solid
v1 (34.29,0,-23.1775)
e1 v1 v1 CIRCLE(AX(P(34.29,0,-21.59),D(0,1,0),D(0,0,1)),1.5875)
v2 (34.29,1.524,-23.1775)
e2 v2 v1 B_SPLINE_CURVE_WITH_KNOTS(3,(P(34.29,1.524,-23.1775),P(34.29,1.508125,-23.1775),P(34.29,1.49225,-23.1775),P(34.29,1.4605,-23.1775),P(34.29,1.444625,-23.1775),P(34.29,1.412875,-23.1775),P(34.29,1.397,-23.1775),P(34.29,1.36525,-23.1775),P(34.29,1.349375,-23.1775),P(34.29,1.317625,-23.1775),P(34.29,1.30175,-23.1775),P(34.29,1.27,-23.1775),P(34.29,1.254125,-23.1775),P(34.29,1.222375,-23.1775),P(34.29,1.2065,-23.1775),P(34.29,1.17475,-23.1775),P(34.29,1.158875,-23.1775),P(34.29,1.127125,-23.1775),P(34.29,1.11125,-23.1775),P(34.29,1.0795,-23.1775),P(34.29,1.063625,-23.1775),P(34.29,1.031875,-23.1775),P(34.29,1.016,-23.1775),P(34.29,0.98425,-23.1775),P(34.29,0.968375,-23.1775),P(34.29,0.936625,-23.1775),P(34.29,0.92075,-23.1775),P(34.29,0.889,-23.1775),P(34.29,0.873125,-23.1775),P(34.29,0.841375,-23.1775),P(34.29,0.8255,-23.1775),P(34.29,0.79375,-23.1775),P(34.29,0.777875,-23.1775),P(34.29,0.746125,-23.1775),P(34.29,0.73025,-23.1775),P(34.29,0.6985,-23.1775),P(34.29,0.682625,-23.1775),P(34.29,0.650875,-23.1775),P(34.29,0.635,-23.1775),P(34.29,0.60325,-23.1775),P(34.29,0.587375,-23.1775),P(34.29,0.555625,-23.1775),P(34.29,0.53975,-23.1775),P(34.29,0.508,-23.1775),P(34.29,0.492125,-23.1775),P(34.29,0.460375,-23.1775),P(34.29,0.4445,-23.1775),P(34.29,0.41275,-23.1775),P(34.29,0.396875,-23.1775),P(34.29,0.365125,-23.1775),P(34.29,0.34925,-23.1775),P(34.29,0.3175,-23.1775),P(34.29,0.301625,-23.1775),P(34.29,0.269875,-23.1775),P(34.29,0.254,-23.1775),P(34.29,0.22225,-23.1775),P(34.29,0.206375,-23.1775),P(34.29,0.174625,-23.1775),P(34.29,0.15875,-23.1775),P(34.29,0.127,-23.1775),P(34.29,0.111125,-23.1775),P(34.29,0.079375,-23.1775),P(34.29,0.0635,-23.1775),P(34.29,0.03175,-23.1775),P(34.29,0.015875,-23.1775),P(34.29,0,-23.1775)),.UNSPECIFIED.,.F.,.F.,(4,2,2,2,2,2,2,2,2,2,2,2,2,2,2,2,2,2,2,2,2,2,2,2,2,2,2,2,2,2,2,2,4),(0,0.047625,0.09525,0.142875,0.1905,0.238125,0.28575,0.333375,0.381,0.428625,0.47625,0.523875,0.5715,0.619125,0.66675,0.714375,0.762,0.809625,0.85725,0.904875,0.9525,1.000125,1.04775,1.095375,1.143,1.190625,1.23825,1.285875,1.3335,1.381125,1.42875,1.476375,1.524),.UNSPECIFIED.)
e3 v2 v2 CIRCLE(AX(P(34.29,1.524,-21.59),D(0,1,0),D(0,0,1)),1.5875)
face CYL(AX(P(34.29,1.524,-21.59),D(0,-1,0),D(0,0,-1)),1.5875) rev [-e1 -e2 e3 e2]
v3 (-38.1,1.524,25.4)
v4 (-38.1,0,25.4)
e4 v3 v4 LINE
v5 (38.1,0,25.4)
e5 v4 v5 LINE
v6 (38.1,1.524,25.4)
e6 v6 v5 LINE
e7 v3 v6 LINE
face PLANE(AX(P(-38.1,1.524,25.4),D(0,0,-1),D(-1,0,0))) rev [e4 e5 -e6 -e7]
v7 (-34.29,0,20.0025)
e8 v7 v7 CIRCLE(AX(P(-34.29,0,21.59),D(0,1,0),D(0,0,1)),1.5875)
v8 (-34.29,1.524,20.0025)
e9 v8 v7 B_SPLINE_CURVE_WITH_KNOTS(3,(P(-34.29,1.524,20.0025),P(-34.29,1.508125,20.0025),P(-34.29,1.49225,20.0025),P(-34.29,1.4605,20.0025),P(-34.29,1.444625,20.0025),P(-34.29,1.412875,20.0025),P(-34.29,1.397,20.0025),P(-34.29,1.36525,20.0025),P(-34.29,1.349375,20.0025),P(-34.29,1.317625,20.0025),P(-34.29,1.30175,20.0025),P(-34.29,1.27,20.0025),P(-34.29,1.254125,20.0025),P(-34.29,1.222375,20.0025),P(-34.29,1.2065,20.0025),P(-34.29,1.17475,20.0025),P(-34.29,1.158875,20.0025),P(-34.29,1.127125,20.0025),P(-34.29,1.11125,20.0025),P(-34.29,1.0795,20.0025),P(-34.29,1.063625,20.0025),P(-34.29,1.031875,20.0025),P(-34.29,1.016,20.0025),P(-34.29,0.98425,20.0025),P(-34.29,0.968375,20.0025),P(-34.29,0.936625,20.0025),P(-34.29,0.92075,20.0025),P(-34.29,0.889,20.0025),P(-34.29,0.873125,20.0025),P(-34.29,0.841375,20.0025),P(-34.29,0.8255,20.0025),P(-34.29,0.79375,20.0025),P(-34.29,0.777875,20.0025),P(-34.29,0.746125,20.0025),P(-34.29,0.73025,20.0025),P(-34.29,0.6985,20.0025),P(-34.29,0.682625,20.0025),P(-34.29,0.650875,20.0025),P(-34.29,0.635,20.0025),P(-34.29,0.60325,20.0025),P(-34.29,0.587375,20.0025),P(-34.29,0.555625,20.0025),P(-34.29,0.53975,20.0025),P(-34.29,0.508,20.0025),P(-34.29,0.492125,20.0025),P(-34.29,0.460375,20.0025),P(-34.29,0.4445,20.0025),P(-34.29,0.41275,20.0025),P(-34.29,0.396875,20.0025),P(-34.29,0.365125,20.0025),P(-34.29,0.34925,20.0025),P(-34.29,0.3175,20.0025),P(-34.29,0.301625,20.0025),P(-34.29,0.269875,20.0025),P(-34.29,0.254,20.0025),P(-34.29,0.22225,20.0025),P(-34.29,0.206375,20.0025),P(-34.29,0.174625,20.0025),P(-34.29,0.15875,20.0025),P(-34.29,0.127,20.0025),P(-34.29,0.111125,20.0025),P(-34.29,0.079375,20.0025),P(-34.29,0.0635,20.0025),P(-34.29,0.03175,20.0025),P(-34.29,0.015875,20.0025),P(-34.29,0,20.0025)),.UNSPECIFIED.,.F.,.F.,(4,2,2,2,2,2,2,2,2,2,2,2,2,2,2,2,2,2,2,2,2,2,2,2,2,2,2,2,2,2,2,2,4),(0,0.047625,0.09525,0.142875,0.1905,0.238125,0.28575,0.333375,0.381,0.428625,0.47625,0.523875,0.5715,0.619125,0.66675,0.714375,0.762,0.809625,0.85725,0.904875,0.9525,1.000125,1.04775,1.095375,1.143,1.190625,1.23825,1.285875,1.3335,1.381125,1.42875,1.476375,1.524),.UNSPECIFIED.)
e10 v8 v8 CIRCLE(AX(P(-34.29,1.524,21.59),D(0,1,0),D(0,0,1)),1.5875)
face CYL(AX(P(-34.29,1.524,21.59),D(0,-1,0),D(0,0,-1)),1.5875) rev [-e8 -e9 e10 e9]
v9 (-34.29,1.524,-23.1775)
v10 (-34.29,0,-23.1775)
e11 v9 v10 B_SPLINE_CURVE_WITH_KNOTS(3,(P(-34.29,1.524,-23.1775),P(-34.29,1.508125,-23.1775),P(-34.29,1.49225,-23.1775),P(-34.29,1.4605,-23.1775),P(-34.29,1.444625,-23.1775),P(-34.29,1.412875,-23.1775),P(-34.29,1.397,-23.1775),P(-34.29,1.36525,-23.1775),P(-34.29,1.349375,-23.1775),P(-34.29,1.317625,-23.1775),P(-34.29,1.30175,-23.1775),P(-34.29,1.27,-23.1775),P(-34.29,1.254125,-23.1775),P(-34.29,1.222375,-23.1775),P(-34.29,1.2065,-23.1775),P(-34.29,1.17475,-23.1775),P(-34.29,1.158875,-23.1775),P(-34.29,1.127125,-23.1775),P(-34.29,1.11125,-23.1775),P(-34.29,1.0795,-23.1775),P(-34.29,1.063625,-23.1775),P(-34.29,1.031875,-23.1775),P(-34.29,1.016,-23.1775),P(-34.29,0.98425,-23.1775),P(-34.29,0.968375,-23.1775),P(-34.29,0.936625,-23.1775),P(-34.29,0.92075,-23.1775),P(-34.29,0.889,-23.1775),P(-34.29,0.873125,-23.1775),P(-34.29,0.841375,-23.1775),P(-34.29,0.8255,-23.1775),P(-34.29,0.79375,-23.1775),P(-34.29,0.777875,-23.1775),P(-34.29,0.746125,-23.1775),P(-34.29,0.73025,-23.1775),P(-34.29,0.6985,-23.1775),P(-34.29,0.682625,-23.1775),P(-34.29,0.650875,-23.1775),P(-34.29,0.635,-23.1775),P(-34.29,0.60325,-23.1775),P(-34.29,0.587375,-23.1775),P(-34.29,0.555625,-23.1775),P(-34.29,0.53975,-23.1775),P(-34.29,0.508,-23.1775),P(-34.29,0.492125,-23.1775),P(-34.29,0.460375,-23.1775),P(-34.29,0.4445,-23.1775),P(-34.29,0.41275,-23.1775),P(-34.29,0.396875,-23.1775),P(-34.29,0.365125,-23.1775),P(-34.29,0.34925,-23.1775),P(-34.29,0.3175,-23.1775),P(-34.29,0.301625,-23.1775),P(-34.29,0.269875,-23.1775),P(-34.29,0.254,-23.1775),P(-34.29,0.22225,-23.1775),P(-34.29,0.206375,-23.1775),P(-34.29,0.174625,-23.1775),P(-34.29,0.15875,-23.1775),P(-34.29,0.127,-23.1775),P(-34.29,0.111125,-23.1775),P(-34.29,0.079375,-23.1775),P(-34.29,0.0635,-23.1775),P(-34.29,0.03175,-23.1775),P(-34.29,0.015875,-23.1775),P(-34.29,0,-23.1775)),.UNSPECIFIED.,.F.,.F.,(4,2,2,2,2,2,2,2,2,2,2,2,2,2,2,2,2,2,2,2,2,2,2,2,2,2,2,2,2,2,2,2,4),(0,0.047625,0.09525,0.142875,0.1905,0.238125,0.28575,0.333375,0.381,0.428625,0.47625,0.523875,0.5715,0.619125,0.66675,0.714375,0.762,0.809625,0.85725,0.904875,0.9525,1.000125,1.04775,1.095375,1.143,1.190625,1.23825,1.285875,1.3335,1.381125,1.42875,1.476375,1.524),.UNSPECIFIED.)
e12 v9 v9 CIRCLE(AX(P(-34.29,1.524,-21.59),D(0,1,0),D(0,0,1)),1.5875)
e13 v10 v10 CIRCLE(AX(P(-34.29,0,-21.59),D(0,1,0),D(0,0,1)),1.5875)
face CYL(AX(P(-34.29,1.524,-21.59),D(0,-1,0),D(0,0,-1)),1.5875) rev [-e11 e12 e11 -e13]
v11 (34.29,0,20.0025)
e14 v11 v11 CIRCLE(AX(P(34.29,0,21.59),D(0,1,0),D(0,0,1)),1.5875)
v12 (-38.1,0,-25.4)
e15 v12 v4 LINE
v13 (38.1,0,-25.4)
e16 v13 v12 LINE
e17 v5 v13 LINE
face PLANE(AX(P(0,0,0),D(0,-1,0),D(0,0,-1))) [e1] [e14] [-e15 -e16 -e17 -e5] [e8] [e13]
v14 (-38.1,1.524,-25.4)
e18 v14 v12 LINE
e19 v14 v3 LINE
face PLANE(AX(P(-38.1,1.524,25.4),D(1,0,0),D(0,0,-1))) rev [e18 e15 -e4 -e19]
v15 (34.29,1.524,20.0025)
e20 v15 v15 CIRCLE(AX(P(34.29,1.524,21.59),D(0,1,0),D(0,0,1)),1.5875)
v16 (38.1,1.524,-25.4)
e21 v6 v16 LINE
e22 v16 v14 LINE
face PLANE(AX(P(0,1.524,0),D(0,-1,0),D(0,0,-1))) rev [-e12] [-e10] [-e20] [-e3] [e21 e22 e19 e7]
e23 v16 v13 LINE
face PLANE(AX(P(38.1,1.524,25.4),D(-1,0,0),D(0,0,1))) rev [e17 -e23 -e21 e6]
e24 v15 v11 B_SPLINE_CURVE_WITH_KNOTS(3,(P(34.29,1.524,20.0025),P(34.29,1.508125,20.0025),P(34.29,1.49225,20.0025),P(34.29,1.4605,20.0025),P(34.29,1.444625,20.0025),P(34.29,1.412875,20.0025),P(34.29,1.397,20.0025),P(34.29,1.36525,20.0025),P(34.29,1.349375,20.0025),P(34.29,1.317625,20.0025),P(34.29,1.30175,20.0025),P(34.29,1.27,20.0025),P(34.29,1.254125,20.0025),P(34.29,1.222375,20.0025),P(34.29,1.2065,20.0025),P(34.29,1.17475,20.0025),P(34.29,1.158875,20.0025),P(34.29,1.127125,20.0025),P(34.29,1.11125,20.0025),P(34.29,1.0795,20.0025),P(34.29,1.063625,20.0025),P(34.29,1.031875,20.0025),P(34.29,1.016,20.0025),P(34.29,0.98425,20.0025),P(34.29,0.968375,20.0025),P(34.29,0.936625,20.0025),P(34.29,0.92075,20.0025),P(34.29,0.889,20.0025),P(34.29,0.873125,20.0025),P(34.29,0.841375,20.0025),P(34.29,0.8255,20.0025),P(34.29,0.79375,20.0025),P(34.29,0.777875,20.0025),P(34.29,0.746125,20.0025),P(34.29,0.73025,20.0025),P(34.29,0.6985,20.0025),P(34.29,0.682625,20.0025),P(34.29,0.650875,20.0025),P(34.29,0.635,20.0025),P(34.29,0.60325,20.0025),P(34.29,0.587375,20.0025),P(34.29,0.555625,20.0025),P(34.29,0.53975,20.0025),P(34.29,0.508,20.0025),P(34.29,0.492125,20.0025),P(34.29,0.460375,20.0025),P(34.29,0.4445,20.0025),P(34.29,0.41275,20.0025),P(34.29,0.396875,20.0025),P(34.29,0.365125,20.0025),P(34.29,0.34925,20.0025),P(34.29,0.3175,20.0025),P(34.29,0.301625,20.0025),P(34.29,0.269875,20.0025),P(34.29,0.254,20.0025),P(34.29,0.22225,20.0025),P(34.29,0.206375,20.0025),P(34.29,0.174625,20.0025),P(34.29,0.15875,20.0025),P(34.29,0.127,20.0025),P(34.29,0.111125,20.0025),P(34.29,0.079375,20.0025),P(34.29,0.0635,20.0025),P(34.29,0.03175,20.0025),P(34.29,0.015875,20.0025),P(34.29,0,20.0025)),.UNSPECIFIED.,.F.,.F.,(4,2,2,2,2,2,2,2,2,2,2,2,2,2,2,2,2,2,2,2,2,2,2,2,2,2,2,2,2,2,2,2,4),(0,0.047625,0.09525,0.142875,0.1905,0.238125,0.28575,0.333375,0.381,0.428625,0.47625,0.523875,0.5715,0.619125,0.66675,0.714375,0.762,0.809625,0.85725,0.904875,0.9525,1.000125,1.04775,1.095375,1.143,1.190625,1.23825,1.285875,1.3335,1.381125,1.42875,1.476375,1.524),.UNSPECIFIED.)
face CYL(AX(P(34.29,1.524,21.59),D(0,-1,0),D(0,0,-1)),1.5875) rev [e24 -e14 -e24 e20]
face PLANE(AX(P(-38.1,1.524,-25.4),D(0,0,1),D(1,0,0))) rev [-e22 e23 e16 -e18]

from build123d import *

# Parameters (mm, degrees)
SKETCH1_W           = 76.2
SKETCH1_H           = 50.8
SKETCH1_R           = 1.5875
BOSS_EXTRUDE1_DEPTH = 1.524


with BuildPart() as part:
    # Sketch1 → Boss-Extrude1 (new body)
    with BuildSketch(Plane(origin=(0, 0, 0), x_dir=(1, 0, 0), z_dir=(0, 1, 0))):
        Rectangle(SKETCH1_W, SKETCH1_H)
        with Locations(Location((34.29, 21.59, 0), (0, 0, 90))):
            Circle(SKETCH1_R, mode=Mode.SUBTRACT)
        with Locations(Location((34.29, -21.59, 0), (0, 0, 90))):
            Circle(SKETCH1_R, mode=Mode.SUBTRACT)
        with Locations(Location((-34.29, -21.59, 0), (0, 0, 90))):
            Circle(SKETCH1_R, mode=Mode.SUBTRACT)
        with Locations(Location((-34.29, 21.59, 0), (0, 0, 90))):
            Circle(SKETCH1_R, mode=Mode.SUBTRACT)
    extrude(amount=BOSS_EXTRUDE1_DEPTH)


solid = part.part
